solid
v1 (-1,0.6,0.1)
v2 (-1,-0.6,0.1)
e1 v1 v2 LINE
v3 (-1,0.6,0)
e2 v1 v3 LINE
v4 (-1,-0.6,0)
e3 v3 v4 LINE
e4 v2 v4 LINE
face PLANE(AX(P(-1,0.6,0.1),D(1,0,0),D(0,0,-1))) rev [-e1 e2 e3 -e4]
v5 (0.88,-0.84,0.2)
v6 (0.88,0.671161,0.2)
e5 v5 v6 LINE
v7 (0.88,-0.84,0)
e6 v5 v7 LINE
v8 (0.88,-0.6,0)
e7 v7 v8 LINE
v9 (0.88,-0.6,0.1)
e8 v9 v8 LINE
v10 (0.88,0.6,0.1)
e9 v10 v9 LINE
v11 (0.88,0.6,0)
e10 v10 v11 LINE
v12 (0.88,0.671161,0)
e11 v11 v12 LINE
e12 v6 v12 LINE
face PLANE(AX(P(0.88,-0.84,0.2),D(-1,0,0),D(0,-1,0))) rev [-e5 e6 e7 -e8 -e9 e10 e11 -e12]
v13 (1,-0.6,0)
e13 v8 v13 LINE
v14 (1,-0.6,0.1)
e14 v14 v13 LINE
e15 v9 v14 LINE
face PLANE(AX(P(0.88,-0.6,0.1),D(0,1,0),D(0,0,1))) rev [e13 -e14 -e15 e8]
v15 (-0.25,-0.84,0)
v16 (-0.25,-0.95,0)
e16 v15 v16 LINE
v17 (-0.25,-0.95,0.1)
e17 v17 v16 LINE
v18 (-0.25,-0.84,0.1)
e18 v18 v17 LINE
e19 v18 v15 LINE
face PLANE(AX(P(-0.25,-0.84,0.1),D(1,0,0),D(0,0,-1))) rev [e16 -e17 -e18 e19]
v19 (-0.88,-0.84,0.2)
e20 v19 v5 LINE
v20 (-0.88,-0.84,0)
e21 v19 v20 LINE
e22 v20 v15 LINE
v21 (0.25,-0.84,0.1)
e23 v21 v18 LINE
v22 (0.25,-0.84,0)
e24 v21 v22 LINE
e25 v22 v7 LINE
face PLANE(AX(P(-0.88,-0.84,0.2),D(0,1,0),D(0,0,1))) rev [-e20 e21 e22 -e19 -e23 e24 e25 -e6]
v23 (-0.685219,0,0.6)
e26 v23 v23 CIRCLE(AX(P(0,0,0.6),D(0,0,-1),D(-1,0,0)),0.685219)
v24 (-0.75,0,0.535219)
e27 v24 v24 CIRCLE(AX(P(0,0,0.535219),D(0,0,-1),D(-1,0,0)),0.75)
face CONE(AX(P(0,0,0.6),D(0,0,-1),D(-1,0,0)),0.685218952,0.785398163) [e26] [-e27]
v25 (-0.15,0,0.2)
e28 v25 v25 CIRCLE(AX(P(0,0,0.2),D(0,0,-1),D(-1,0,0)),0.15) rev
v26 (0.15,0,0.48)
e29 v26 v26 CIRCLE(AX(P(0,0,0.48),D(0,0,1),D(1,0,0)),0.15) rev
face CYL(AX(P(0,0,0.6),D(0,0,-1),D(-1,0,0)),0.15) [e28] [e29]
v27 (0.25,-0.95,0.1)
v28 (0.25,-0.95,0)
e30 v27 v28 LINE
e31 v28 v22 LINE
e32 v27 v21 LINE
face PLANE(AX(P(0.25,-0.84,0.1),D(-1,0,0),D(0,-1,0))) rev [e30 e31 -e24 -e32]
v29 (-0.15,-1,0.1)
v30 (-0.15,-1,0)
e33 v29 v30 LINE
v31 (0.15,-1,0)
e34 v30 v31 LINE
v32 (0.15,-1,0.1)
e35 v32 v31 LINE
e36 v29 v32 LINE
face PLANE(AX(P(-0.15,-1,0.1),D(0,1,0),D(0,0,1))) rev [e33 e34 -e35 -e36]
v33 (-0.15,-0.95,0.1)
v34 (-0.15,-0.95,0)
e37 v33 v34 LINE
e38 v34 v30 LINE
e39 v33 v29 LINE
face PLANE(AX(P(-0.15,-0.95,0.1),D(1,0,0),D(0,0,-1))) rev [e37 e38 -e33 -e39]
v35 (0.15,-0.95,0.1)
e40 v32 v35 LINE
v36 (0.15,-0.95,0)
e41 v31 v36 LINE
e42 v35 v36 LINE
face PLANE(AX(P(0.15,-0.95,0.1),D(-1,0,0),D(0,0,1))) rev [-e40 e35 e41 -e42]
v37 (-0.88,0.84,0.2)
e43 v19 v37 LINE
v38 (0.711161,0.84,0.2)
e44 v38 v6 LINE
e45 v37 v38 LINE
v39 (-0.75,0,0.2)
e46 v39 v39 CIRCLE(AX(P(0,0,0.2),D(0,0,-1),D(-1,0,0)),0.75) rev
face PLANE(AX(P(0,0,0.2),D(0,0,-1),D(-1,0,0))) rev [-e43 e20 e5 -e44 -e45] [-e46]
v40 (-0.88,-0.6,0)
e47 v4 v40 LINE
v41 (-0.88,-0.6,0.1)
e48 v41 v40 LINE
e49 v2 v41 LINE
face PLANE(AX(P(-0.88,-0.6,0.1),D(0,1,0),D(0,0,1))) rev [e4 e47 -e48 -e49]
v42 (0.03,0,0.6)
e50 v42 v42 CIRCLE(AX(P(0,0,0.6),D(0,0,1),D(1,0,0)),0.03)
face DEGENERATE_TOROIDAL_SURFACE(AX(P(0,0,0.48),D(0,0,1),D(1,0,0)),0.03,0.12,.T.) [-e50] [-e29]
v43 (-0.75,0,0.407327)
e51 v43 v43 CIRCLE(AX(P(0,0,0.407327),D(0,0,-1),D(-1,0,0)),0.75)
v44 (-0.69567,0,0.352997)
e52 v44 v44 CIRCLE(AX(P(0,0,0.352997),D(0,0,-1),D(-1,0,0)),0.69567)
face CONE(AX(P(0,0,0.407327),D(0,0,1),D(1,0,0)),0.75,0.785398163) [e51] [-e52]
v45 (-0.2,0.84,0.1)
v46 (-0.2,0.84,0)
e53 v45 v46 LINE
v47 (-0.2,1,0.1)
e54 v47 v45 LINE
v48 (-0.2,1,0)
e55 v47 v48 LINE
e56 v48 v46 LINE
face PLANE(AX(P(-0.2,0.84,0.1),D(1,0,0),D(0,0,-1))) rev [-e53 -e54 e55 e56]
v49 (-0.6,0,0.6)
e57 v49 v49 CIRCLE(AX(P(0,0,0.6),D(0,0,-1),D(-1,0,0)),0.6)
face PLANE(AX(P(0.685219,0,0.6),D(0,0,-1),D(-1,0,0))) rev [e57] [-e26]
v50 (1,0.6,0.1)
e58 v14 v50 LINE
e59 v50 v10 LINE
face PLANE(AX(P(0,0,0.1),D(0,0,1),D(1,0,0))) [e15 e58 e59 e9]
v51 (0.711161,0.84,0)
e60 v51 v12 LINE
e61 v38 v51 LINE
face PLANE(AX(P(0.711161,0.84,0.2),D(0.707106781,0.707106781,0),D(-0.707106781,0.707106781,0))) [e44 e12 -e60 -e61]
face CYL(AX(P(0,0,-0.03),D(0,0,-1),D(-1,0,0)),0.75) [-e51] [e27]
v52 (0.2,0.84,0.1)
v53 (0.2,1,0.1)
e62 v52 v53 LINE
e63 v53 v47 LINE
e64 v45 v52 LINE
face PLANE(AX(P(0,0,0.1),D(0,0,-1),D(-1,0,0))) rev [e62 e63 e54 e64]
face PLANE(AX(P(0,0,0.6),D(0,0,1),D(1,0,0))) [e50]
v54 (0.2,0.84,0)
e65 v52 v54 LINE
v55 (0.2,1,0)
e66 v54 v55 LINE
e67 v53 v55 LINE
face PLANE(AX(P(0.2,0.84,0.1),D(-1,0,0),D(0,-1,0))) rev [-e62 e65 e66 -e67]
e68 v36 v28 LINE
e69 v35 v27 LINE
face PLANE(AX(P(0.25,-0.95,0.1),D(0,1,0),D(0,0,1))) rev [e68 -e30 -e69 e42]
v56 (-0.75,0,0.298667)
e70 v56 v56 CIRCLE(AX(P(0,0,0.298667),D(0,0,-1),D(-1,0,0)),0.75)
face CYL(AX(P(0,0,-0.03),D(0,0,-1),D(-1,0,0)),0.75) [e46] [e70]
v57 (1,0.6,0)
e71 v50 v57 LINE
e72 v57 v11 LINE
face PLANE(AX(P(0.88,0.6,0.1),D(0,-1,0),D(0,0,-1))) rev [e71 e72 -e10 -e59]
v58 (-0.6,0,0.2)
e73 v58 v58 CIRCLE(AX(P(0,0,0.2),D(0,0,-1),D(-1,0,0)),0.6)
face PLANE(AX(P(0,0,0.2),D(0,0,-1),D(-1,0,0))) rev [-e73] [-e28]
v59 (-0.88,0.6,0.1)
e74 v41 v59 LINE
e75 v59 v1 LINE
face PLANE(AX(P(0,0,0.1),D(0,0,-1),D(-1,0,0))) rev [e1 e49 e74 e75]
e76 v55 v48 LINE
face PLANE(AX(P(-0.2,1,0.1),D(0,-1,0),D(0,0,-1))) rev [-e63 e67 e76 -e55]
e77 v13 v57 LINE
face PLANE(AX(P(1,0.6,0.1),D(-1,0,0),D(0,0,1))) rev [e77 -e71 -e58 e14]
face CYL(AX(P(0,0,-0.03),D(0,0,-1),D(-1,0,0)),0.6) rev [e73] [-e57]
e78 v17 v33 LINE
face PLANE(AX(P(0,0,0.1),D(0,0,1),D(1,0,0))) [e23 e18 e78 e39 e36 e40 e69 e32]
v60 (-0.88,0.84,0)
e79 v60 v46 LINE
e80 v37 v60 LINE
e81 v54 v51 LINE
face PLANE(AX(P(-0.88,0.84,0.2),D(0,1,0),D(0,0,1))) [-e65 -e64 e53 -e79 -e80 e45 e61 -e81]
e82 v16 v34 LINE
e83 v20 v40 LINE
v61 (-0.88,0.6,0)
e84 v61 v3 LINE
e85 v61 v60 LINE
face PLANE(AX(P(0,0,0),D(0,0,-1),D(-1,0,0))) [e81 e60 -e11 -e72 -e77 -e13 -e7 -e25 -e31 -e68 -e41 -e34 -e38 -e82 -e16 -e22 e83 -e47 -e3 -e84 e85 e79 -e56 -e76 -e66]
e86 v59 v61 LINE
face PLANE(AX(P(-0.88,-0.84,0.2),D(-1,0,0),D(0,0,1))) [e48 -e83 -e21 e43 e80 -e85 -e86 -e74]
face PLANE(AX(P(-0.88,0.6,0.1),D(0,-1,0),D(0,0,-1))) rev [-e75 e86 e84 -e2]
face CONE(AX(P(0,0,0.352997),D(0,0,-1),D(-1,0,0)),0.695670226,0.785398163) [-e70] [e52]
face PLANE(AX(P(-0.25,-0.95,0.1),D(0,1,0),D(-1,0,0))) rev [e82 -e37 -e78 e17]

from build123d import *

# Parameters (mm, degrees)
BOSS_EXTRUDE1_DEPTH = 0.2
SKETCH3_R           = 0.15
BOSS_EXTRUDE2_DEPTH = 0.4
FILLET1_R           = 0.12
SKETCH4_W           = 0.4
SKETCH4_H           = 0.16
SKETCH4_W_2         = 0.12
SKETCH4_H_2         = 1.2
BOSS_EXTRUDE3_DEPTH = 0.1


with BuildPart() as part:
    # Sketch1 → Boss-Extrude1 (new body)
    with BuildSketch(Plane.XY):
        Polygon((0.711160981, 0.84), (0.88, 0.671160981), (0.88, -0.84), (-0.88, -0.84), (-0.88, 0.84), align=None)
    extrude(amount=BOSS_EXTRUDE1_DEPTH)

    # Sketch2 → Revolve1 (revolve)
    with BuildSketch(Plane(origin=(0, 0, 0), x_dir=(1, 0, 0), z_dir=(0, 1, 0)), mode=Mode.PRIVATE) as revolve1_sk:
        Polygon((0.75, -0.2), (0.75, -0.298667135), (0.695670226, -0.35299691), (0.75, -0.407326684), (0.75, -0.535218952), (0.685218952, -0.6), (0.6, -0.6), (0.6, -0.2), align=None)
    revolve(revolve1_sk.sketch.rotate(Axis((0, 0, -0.03), (0, 0, 1)), 180), axis=Axis((0, 0, -0.03), (0, 0, 1)))

    # Sketch3 → Boss-Extrude2 (add)
    with BuildSketch(Plane.XY.offset(0.2)):
        with Locations(Location((0, 0, 0), (0, 0, 180))):
            Circle(SKETCH3_R)
    extrude(amount=BOSS_EXTRUDE2_DEPTH)

    # Fillet1
    fillet1_edges = [part.edges().sort_by_distance(p)[0] for p in [
        (0.15, 0, 0.6),
    ]]
    fillet(fillet1_edges, radius=FILLET1_R)

    # Sketch4 → Boss-Extrude3 (add)
    with BuildSketch(Plane.XY):
        with Locations((0, 0.92)):
            Rectangle(SKETCH4_W, SKETCH4_H)
        Polygon((-0.25, -0.84), (0.25, -0.84), (0.25, -0.95), (0.15, -0.95), (0.15, -1), (-0.15, -1), (-0.15, -0.95), (-0.25, -0.95), align=None)
        with Locations((-0.94, 0)):
            Rectangle(SKETCH4_W_2, SKETCH4_H_2)
        with Locations((0.94, 0)):
            Rectangle(SKETCH4_W_2, SKETCH4_H_2)
    extrude(amount=BOSS_EXTRUDE3_DEPTH)


solid = part.part
